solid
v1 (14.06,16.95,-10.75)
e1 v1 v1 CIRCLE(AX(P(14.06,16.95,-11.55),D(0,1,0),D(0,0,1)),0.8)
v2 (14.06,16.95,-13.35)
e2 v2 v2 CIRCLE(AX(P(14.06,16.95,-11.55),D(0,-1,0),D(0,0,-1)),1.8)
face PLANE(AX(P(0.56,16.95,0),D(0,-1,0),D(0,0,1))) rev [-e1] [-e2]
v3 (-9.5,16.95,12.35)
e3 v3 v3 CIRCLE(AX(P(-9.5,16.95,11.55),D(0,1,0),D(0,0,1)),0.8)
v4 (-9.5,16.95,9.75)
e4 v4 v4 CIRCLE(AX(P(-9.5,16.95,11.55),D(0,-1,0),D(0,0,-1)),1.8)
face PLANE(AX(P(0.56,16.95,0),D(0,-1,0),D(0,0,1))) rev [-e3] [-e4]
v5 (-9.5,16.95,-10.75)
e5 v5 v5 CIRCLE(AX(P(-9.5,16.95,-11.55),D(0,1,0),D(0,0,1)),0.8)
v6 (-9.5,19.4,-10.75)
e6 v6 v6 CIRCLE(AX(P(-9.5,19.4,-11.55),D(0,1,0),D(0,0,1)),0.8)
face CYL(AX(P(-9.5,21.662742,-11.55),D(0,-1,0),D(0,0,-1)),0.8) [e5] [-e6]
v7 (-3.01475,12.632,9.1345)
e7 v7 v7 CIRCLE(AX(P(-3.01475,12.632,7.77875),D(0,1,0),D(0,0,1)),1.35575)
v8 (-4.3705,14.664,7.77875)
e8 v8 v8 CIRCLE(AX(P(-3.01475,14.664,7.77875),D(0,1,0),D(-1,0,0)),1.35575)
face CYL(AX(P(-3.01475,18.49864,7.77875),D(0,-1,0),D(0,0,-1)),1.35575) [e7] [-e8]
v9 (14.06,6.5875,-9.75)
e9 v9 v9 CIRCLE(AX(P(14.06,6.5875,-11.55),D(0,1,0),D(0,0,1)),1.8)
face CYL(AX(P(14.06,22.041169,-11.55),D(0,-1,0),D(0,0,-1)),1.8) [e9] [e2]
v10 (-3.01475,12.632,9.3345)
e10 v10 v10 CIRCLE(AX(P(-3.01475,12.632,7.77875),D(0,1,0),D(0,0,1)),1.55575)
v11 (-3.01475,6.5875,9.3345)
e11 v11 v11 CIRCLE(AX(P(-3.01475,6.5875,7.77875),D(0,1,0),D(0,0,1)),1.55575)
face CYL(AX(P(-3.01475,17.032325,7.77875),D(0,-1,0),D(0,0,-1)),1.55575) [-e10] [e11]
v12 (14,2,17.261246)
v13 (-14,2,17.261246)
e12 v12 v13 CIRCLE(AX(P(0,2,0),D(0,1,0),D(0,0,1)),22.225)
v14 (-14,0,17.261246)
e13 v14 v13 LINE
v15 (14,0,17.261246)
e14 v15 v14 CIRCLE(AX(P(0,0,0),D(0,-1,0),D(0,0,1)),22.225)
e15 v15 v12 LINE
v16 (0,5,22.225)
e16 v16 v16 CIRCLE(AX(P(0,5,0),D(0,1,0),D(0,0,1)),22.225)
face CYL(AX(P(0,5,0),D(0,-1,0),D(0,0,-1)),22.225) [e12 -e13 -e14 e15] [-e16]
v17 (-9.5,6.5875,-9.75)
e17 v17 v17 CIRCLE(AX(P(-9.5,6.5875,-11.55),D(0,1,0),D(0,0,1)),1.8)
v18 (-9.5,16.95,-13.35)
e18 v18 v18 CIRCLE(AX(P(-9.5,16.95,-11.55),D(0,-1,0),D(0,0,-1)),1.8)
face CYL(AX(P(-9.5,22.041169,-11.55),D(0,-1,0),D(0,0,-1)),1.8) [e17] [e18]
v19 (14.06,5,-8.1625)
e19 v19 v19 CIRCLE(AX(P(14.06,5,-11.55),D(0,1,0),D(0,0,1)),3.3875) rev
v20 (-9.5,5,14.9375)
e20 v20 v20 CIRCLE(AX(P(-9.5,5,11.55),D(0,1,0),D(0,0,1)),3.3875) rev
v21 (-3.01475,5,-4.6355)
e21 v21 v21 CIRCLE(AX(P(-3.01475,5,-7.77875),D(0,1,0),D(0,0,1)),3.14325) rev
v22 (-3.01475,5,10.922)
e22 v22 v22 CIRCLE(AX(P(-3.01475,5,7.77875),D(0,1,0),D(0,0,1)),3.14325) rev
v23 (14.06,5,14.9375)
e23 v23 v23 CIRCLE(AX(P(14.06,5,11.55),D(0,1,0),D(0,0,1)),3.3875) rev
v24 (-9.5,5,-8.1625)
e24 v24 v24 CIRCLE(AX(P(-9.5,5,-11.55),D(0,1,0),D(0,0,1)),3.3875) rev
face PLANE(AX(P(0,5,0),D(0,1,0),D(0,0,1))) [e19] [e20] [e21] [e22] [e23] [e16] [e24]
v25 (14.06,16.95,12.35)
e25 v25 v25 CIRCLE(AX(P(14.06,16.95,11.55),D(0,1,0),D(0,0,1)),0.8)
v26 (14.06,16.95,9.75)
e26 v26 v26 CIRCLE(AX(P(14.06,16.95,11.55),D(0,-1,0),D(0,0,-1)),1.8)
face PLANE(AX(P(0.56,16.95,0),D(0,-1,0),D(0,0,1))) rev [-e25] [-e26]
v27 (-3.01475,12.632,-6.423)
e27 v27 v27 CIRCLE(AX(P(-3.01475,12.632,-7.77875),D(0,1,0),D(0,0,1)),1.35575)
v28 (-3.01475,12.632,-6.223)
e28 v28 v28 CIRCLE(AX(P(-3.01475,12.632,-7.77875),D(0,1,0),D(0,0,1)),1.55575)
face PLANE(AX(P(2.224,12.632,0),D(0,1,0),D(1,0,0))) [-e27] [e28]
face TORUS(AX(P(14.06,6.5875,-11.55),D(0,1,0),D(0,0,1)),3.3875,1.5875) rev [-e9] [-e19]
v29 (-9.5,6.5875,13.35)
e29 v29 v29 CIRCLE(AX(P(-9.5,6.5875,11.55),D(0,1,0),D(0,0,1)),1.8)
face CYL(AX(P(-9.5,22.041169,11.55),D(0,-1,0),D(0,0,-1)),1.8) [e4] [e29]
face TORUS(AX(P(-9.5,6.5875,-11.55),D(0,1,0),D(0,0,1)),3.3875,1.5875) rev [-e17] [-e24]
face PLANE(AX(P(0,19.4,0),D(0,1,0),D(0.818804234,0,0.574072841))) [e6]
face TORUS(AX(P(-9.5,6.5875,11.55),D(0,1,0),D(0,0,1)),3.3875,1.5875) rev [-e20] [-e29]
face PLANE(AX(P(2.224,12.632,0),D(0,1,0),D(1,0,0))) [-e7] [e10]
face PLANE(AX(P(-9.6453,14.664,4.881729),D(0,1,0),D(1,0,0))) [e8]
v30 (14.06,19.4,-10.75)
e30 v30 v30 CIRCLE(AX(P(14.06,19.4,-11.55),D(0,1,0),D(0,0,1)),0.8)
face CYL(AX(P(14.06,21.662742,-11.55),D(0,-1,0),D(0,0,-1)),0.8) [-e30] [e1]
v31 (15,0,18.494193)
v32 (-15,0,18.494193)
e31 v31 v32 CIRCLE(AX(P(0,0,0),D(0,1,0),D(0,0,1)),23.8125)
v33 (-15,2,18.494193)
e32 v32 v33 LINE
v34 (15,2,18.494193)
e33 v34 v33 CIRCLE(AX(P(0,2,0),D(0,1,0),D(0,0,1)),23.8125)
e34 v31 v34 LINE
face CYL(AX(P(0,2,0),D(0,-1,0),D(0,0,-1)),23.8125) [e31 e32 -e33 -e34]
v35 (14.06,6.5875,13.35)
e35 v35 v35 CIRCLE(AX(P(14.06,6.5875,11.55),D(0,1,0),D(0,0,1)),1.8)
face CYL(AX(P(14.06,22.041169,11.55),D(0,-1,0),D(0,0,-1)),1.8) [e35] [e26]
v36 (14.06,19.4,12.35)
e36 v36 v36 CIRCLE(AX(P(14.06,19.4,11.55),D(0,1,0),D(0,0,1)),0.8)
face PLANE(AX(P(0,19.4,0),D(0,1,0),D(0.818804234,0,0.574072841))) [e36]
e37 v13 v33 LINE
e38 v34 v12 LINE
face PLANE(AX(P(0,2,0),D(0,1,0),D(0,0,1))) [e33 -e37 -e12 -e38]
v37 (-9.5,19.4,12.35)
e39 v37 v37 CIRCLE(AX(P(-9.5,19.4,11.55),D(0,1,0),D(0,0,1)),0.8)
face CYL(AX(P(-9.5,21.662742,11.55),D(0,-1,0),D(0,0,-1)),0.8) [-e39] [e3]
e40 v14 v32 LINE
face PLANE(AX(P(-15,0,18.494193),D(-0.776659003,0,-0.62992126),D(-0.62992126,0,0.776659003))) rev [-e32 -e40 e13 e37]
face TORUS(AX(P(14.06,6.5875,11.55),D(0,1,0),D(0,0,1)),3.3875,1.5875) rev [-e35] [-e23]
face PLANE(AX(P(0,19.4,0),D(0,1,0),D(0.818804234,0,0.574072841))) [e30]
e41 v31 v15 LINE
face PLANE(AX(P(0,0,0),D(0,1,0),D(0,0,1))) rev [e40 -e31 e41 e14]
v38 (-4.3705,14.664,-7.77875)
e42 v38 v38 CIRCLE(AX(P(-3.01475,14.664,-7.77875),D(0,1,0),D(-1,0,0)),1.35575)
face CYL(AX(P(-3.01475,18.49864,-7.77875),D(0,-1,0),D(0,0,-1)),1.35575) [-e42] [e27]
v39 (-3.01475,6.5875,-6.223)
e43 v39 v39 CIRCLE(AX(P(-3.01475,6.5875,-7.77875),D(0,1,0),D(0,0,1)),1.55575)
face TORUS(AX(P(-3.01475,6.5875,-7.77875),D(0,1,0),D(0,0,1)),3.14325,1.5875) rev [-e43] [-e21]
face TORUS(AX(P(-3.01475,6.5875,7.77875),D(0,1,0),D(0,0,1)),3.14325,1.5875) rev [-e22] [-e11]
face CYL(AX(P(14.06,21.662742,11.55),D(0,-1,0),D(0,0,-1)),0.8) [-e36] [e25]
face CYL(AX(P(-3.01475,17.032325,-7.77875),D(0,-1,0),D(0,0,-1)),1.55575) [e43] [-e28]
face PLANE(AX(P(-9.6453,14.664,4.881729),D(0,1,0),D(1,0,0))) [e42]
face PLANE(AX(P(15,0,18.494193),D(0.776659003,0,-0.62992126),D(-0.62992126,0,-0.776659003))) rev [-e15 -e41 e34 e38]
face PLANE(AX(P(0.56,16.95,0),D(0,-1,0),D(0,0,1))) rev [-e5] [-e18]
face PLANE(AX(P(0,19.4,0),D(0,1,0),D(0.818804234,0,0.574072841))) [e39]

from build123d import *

# Parameters (mm, degrees)
SKETCH1_R           = 23.8125
BOSS_EXTRUDE1_DEPTH = 2
SKETCH2_R           = 22.225
BOSS_EXTRUDE2_DEPTH = 3
CUT_EXTRUDE2_DEPTH  = 3
SKETCH6_R           = 1.8
BOSS_EXTRUDE3_DEPTH = 11.95
SKETCH7_R           = 1.55575
BOSS_EXTRUDE4_DEPTH = 7.632
SKETCH8_R           = 0.8
BOSS_EXTRUDE5_DEPTH = 2.45
SKETCH9_R           = 1.35575
BOSS_EXTRUDE6_DEPTH = 2.032
FILLET1_R           = 1.5875


with BuildPart() as part:
    # Sketch1 → Boss-Extrude1 (new body)
    with BuildSketch(Plane(origin=(0, 0, 0), x_dir=(1, 0, 0), z_dir=(0, 1, 0))):
        Circle(SKETCH1_R)
    extrude(amount=BOSS_EXTRUDE1_DEPTH)

    # Sketch2 → Boss-Extrude2 (add)
    with BuildSketch(Plane(origin=(0, 2, 0), x_dir=(1, 0, 0), z_dir=(0, 1, 0))):
        Circle(SKETCH2_R)
    extrude(amount=BOSS_EXTRUDE2_DEPTH)

    # Sketch4 → Cut-Extrude2 (cut, through all)
    with BuildSketch(Plane(origin=(0, 2, 0), x_dir=(1, 0, 0), z_dir=(0, 1, 0))):
        with BuildLine():
            Line((-15, -18.494192501), (-14, -17.261246334))
            ThreePointArc((-14, -17.261246334), (0, -22.225), (14, -17.261246334))
            Line((14, -17.261246334), (15, -18.494192501))
            ThreePointArc((15, -18.494192501), (0, -23.8125), (-15, -18.494192501))
        make_face()
    extrude(amount=-CUT_EXTRUDE2_DEPTH, mode=Mode.SUBTRACT)

    # Sketch6 → Boss-Extrude3 (add)
    with BuildSketch(Plane(origin=(0, 5, 0), x_dir=(1, 0, 0), z_dir=(0, 1, 0))):
        with Locations((-9.5, 11.55)):
            Circle(SKETCH6_R)
        with Locations((-9.5, -11.55)):
            Circle(SKETCH6_R)
        with Locations((14.06, -11.55)):
            Circle(SKETCH6_R)
        with Locations((14.06, 11.55)):
            Circle(SKETCH6_R)
    extrude(amount=BOSS_EXTRUDE3_DEPTH)

    # Sketch7 → Boss-Extrude4 (add)
    with BuildSketch(Plane(origin=(0, 5, 0), x_dir=(1, 0, 0), z_dir=(0, 1, 0))):
        with Locations((-3.01475, -7.77875)):
            Circle(SKETCH7_R)
        with Locations((-3.01475, 7.77875)):
            Circle(SKETCH7_R)
    extrude(amount=BOSS_EXTRUDE4_DEPTH)

    # Sketch8 → Boss-Extrude5 (add)
    with BuildSketch(Plane(origin=(0, 16.95, 0), x_dir=(1, 0, 0), z_dir=(0, 1, 0))):
        with Locations((-9.5, 11.55)):
            Circle(SKETCH8_R)
        with Locations((-9.5, -11.55)):
            Circle(SKETCH8_R)
        with Locations((14.06, -11.55)):
            Circle(SKETCH8_R)
        with Locations((14.06, 11.55)):
            Circle(SKETCH8_R)
    extrude(amount=BOSS_EXTRUDE5_DEPTH)

    # Sketch9 → Boss-Extrude6 (add)
    with BuildSketch(Plane(origin=(0, 12.632, 0), x_dir=(1, 0, 0), z_dir=(0, 1, 0))):
        with Locations((-3.01475, 7.77875)):
            Circle(SKETCH9_R)
        with Locations((-3.01475, -7.77875)):
            Circle(SKETCH9_R)
    extrude(amount=BOSS_EXTRUDE6_DEPTH)

    # Fillet1
    fillet1_edges = [part.edges().sort_by_distance(p)[0] for p in [
        (-11.3, 5, -11.55),
        (-11.3, 5, 11.55),
        (12.26, 5, 11.55),
        (12.26, 5, -11.55),
        (-4.5705, 5, 7.77875),
        (-4.5705, 5, -7.77875),
    ]]
    fillet(fillet1_edges, radius=FILLET1_R)


solid = part.part
